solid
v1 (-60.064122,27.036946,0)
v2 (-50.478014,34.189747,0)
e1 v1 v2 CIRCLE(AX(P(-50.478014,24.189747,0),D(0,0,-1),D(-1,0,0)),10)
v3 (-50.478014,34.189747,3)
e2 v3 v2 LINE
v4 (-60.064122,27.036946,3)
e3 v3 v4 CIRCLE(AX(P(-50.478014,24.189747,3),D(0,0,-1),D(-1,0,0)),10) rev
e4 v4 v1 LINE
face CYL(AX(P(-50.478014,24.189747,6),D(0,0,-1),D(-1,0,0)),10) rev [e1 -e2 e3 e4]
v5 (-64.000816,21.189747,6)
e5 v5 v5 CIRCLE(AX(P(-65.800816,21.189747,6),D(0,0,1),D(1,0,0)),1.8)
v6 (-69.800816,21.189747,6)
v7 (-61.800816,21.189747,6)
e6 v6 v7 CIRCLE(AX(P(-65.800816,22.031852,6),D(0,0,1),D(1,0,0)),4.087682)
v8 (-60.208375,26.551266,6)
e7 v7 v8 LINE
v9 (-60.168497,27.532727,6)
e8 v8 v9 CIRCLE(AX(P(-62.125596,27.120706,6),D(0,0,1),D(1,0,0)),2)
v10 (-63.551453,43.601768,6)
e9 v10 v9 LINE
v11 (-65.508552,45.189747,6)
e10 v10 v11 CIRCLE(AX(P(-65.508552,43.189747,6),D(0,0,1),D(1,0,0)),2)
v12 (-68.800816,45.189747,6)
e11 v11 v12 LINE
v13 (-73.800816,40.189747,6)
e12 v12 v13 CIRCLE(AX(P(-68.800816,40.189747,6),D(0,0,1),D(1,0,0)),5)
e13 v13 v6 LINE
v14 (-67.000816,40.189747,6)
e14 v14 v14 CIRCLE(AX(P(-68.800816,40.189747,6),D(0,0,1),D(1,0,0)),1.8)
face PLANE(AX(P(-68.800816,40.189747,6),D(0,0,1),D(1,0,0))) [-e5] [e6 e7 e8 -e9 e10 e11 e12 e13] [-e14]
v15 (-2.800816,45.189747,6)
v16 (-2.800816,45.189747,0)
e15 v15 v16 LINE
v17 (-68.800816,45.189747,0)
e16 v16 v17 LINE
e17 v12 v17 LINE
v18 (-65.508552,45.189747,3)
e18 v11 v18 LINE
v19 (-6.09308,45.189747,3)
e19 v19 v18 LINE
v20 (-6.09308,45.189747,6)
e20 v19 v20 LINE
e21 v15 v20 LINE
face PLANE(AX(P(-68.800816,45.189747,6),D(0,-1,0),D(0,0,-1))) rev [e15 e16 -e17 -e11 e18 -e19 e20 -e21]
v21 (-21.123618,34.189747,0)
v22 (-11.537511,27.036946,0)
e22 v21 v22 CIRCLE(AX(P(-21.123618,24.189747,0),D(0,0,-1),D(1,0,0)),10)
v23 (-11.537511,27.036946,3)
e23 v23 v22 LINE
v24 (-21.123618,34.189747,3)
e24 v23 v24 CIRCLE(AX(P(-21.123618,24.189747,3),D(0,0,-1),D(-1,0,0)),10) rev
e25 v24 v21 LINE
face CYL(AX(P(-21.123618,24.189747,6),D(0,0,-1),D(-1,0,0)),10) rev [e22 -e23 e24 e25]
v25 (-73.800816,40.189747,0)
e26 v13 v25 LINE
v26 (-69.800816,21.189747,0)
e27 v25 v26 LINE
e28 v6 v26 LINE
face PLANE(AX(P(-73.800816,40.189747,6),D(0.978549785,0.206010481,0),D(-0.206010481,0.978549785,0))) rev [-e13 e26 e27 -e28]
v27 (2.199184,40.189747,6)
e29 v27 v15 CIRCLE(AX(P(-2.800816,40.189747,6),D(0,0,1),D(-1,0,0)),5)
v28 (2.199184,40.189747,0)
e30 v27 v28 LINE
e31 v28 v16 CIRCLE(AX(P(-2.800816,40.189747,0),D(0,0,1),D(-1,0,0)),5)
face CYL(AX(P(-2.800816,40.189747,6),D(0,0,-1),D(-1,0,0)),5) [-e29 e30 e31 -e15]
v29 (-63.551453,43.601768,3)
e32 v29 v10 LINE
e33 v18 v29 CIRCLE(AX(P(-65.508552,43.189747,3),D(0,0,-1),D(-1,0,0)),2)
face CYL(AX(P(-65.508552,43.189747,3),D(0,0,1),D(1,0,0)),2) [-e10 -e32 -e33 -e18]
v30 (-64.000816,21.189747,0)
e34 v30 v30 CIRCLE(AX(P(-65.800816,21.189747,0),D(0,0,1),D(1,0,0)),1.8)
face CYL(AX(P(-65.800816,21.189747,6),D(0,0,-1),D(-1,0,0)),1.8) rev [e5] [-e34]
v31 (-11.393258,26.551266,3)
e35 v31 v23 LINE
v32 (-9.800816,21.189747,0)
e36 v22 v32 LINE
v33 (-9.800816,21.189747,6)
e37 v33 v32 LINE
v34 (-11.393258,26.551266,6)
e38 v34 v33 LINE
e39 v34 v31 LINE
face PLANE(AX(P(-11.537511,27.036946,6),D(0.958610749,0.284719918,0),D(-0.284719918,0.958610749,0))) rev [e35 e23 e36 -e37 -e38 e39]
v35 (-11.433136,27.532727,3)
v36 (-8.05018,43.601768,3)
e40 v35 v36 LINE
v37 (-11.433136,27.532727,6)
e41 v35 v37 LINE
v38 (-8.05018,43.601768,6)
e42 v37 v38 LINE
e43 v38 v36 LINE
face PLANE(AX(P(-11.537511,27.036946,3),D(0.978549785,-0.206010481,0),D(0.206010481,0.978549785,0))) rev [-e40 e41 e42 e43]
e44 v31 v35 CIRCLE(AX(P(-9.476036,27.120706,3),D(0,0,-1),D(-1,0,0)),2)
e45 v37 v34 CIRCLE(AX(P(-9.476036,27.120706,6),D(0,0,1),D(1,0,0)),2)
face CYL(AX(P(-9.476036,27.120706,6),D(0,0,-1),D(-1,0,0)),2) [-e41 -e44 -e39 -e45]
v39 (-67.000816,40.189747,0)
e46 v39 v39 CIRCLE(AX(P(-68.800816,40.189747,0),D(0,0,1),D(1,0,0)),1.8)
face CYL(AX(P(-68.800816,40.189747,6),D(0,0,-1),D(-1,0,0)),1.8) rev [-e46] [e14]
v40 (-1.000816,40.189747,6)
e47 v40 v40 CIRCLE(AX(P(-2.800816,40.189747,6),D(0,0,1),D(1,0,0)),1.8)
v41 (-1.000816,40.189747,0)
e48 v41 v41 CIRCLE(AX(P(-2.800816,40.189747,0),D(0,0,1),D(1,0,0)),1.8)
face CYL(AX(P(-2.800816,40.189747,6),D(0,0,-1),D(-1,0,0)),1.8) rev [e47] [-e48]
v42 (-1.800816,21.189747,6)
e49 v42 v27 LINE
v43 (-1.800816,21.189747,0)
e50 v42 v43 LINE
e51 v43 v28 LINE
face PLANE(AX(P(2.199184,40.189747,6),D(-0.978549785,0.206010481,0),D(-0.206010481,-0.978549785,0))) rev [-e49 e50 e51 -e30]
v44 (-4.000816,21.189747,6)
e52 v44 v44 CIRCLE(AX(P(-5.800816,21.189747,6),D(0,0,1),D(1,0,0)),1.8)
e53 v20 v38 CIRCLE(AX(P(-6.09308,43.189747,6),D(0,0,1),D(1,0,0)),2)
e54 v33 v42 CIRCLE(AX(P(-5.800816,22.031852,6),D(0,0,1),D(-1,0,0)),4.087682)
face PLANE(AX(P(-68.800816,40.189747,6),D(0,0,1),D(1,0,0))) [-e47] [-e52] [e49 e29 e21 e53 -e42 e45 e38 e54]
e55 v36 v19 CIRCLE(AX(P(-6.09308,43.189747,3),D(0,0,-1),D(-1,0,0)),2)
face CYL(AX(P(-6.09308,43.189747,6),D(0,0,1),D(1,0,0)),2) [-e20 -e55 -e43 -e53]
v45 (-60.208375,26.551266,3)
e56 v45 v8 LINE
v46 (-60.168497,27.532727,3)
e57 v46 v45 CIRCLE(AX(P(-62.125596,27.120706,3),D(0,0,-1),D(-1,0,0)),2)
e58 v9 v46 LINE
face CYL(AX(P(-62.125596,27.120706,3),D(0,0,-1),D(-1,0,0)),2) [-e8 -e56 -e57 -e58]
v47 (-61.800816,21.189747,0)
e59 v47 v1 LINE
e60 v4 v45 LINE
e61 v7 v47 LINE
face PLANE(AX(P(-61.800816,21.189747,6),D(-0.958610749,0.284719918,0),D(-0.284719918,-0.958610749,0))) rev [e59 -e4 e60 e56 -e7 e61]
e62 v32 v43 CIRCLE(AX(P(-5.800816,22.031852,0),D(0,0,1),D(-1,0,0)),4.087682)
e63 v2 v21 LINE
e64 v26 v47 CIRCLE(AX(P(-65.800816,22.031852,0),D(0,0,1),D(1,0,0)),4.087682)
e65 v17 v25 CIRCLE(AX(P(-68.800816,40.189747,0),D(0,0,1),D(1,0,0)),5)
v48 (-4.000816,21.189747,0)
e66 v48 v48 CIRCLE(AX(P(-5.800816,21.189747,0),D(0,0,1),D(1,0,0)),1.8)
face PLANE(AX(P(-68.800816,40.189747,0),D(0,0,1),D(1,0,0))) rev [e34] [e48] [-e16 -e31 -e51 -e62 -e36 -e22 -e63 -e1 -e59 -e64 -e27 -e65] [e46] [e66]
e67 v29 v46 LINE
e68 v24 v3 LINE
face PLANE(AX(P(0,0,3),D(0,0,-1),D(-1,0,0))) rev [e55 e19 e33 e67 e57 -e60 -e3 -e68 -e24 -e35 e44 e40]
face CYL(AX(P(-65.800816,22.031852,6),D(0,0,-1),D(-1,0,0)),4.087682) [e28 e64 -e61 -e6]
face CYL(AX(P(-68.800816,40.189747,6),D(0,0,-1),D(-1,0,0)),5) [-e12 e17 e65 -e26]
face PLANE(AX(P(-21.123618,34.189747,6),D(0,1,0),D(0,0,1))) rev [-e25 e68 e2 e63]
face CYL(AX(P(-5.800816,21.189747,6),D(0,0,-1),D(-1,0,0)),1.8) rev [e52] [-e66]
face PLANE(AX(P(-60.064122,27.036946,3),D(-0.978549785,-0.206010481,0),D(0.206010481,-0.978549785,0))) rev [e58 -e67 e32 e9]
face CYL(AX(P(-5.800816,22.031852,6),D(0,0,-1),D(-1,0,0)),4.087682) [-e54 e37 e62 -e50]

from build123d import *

# Parameters (mm, degrees)
SKETCH_1_R          = 1.8
EXTRUDE_1_DEPTH     = 6
CUT_EXTRUDE_1_DEPTH = 3
FILLET_1_R          = 2


with BuildPart() as part:
    # ｽｹｯﾁ1 → ﾎﾞｽ - 押し出し1 (new body)
    with BuildSketch(Plane.XY):
        with BuildLine():
            Line((-68.800816256, 45.189746609), (-2.800816256, 45.189746609))
            ThreePointArc((-2.800816256, 45.189746609), (0.73471765, 43.725280515), (2.199183744, 40.189746609))
            Line((2.199183744, 40.189746609), (-1.800816256, 21.189746609))
            ThreePointArc((-1.800816256, 21.189746609), (-5.800816256, 17.944170221), (-9.800816256, 21.189746609))
            Line((-9.800816256, 21.189746609), (-11.537510812, 27.036945787))
            ThreePointArc((-11.537510812, 27.036945787), (-15.143316964, 32.20448278), (-21.123618303, 34.189746609))
            Line((-21.123618303, 34.189746609), (-50.478014208, 34.189746609))
            ThreePointArc((-50.478014208, 34.189746609), (-56.458315547, 32.20448278), (-60.0641217, 27.036945787))
            Line((-60.0641217, 27.036945787), (-61.800816256, 21.189746609))
            ThreePointArc((-61.800816256, 21.189746609), (-65.800816256, 17.944170221), (-69.800816256, 21.189746609))
            Line((-69.800816256, 21.189746609), (-73.800816256, 40.189746609))
            ThreePointArc((-73.800816256, 40.189746609), (-72.336350162, 43.725280515), (-68.800816256, 45.189746609))
        make_face()
        with Locations((-68.800816256, 40.189746609)):
            Circle(SKETCH_1_R, mode=Mode.SUBTRACT)
        with Locations((-65.800816256, 21.189746609)):
            Circle(SKETCH_1_R, mode=Mode.SUBTRACT)
        with Locations((-5.800816256, 21.189746609)):
            Circle(SKETCH_1_R, mode=Mode.SUBTRACT)
        with Locations((-2.800816256, 40.189746609)):
            Circle(SKETCH_1_R, mode=Mode.SUBTRACT)
    extrude(amount=EXTRUDE_1_DEPTH)

    # ｽｹｯﾁ2 → ｶｯﾄ - 押し出し1 (cut)
    with BuildSketch(Plane.XY.offset(6)):
        Polygon((-60.0641217, 27.036945787), (-11.537510812, 27.036945787), (-7.715868533, 45.189746609), (-63.885763978, 45.189746609), align=None)
    extrude(amount=-CUT_EXTRUDE_1_DEPTH, mode=Mode.SUBTRACT)

    # ﾌｨﾚｯﾄ1
    fillet_1_edges = [part.edges().sort_by_distance(p)[0] for p in [
        (-11.537510812, 27.036945787, 4.5),
        (-60.0641217, 27.036945787, 4.5),
        (-63.885763978, 45.189746609, 4.5),
        (-7.715868533, 45.189746609, 4.5),
    ]]
    fillet(fillet_1_edges, radius=FILLET_1_R)


solid = part.part
